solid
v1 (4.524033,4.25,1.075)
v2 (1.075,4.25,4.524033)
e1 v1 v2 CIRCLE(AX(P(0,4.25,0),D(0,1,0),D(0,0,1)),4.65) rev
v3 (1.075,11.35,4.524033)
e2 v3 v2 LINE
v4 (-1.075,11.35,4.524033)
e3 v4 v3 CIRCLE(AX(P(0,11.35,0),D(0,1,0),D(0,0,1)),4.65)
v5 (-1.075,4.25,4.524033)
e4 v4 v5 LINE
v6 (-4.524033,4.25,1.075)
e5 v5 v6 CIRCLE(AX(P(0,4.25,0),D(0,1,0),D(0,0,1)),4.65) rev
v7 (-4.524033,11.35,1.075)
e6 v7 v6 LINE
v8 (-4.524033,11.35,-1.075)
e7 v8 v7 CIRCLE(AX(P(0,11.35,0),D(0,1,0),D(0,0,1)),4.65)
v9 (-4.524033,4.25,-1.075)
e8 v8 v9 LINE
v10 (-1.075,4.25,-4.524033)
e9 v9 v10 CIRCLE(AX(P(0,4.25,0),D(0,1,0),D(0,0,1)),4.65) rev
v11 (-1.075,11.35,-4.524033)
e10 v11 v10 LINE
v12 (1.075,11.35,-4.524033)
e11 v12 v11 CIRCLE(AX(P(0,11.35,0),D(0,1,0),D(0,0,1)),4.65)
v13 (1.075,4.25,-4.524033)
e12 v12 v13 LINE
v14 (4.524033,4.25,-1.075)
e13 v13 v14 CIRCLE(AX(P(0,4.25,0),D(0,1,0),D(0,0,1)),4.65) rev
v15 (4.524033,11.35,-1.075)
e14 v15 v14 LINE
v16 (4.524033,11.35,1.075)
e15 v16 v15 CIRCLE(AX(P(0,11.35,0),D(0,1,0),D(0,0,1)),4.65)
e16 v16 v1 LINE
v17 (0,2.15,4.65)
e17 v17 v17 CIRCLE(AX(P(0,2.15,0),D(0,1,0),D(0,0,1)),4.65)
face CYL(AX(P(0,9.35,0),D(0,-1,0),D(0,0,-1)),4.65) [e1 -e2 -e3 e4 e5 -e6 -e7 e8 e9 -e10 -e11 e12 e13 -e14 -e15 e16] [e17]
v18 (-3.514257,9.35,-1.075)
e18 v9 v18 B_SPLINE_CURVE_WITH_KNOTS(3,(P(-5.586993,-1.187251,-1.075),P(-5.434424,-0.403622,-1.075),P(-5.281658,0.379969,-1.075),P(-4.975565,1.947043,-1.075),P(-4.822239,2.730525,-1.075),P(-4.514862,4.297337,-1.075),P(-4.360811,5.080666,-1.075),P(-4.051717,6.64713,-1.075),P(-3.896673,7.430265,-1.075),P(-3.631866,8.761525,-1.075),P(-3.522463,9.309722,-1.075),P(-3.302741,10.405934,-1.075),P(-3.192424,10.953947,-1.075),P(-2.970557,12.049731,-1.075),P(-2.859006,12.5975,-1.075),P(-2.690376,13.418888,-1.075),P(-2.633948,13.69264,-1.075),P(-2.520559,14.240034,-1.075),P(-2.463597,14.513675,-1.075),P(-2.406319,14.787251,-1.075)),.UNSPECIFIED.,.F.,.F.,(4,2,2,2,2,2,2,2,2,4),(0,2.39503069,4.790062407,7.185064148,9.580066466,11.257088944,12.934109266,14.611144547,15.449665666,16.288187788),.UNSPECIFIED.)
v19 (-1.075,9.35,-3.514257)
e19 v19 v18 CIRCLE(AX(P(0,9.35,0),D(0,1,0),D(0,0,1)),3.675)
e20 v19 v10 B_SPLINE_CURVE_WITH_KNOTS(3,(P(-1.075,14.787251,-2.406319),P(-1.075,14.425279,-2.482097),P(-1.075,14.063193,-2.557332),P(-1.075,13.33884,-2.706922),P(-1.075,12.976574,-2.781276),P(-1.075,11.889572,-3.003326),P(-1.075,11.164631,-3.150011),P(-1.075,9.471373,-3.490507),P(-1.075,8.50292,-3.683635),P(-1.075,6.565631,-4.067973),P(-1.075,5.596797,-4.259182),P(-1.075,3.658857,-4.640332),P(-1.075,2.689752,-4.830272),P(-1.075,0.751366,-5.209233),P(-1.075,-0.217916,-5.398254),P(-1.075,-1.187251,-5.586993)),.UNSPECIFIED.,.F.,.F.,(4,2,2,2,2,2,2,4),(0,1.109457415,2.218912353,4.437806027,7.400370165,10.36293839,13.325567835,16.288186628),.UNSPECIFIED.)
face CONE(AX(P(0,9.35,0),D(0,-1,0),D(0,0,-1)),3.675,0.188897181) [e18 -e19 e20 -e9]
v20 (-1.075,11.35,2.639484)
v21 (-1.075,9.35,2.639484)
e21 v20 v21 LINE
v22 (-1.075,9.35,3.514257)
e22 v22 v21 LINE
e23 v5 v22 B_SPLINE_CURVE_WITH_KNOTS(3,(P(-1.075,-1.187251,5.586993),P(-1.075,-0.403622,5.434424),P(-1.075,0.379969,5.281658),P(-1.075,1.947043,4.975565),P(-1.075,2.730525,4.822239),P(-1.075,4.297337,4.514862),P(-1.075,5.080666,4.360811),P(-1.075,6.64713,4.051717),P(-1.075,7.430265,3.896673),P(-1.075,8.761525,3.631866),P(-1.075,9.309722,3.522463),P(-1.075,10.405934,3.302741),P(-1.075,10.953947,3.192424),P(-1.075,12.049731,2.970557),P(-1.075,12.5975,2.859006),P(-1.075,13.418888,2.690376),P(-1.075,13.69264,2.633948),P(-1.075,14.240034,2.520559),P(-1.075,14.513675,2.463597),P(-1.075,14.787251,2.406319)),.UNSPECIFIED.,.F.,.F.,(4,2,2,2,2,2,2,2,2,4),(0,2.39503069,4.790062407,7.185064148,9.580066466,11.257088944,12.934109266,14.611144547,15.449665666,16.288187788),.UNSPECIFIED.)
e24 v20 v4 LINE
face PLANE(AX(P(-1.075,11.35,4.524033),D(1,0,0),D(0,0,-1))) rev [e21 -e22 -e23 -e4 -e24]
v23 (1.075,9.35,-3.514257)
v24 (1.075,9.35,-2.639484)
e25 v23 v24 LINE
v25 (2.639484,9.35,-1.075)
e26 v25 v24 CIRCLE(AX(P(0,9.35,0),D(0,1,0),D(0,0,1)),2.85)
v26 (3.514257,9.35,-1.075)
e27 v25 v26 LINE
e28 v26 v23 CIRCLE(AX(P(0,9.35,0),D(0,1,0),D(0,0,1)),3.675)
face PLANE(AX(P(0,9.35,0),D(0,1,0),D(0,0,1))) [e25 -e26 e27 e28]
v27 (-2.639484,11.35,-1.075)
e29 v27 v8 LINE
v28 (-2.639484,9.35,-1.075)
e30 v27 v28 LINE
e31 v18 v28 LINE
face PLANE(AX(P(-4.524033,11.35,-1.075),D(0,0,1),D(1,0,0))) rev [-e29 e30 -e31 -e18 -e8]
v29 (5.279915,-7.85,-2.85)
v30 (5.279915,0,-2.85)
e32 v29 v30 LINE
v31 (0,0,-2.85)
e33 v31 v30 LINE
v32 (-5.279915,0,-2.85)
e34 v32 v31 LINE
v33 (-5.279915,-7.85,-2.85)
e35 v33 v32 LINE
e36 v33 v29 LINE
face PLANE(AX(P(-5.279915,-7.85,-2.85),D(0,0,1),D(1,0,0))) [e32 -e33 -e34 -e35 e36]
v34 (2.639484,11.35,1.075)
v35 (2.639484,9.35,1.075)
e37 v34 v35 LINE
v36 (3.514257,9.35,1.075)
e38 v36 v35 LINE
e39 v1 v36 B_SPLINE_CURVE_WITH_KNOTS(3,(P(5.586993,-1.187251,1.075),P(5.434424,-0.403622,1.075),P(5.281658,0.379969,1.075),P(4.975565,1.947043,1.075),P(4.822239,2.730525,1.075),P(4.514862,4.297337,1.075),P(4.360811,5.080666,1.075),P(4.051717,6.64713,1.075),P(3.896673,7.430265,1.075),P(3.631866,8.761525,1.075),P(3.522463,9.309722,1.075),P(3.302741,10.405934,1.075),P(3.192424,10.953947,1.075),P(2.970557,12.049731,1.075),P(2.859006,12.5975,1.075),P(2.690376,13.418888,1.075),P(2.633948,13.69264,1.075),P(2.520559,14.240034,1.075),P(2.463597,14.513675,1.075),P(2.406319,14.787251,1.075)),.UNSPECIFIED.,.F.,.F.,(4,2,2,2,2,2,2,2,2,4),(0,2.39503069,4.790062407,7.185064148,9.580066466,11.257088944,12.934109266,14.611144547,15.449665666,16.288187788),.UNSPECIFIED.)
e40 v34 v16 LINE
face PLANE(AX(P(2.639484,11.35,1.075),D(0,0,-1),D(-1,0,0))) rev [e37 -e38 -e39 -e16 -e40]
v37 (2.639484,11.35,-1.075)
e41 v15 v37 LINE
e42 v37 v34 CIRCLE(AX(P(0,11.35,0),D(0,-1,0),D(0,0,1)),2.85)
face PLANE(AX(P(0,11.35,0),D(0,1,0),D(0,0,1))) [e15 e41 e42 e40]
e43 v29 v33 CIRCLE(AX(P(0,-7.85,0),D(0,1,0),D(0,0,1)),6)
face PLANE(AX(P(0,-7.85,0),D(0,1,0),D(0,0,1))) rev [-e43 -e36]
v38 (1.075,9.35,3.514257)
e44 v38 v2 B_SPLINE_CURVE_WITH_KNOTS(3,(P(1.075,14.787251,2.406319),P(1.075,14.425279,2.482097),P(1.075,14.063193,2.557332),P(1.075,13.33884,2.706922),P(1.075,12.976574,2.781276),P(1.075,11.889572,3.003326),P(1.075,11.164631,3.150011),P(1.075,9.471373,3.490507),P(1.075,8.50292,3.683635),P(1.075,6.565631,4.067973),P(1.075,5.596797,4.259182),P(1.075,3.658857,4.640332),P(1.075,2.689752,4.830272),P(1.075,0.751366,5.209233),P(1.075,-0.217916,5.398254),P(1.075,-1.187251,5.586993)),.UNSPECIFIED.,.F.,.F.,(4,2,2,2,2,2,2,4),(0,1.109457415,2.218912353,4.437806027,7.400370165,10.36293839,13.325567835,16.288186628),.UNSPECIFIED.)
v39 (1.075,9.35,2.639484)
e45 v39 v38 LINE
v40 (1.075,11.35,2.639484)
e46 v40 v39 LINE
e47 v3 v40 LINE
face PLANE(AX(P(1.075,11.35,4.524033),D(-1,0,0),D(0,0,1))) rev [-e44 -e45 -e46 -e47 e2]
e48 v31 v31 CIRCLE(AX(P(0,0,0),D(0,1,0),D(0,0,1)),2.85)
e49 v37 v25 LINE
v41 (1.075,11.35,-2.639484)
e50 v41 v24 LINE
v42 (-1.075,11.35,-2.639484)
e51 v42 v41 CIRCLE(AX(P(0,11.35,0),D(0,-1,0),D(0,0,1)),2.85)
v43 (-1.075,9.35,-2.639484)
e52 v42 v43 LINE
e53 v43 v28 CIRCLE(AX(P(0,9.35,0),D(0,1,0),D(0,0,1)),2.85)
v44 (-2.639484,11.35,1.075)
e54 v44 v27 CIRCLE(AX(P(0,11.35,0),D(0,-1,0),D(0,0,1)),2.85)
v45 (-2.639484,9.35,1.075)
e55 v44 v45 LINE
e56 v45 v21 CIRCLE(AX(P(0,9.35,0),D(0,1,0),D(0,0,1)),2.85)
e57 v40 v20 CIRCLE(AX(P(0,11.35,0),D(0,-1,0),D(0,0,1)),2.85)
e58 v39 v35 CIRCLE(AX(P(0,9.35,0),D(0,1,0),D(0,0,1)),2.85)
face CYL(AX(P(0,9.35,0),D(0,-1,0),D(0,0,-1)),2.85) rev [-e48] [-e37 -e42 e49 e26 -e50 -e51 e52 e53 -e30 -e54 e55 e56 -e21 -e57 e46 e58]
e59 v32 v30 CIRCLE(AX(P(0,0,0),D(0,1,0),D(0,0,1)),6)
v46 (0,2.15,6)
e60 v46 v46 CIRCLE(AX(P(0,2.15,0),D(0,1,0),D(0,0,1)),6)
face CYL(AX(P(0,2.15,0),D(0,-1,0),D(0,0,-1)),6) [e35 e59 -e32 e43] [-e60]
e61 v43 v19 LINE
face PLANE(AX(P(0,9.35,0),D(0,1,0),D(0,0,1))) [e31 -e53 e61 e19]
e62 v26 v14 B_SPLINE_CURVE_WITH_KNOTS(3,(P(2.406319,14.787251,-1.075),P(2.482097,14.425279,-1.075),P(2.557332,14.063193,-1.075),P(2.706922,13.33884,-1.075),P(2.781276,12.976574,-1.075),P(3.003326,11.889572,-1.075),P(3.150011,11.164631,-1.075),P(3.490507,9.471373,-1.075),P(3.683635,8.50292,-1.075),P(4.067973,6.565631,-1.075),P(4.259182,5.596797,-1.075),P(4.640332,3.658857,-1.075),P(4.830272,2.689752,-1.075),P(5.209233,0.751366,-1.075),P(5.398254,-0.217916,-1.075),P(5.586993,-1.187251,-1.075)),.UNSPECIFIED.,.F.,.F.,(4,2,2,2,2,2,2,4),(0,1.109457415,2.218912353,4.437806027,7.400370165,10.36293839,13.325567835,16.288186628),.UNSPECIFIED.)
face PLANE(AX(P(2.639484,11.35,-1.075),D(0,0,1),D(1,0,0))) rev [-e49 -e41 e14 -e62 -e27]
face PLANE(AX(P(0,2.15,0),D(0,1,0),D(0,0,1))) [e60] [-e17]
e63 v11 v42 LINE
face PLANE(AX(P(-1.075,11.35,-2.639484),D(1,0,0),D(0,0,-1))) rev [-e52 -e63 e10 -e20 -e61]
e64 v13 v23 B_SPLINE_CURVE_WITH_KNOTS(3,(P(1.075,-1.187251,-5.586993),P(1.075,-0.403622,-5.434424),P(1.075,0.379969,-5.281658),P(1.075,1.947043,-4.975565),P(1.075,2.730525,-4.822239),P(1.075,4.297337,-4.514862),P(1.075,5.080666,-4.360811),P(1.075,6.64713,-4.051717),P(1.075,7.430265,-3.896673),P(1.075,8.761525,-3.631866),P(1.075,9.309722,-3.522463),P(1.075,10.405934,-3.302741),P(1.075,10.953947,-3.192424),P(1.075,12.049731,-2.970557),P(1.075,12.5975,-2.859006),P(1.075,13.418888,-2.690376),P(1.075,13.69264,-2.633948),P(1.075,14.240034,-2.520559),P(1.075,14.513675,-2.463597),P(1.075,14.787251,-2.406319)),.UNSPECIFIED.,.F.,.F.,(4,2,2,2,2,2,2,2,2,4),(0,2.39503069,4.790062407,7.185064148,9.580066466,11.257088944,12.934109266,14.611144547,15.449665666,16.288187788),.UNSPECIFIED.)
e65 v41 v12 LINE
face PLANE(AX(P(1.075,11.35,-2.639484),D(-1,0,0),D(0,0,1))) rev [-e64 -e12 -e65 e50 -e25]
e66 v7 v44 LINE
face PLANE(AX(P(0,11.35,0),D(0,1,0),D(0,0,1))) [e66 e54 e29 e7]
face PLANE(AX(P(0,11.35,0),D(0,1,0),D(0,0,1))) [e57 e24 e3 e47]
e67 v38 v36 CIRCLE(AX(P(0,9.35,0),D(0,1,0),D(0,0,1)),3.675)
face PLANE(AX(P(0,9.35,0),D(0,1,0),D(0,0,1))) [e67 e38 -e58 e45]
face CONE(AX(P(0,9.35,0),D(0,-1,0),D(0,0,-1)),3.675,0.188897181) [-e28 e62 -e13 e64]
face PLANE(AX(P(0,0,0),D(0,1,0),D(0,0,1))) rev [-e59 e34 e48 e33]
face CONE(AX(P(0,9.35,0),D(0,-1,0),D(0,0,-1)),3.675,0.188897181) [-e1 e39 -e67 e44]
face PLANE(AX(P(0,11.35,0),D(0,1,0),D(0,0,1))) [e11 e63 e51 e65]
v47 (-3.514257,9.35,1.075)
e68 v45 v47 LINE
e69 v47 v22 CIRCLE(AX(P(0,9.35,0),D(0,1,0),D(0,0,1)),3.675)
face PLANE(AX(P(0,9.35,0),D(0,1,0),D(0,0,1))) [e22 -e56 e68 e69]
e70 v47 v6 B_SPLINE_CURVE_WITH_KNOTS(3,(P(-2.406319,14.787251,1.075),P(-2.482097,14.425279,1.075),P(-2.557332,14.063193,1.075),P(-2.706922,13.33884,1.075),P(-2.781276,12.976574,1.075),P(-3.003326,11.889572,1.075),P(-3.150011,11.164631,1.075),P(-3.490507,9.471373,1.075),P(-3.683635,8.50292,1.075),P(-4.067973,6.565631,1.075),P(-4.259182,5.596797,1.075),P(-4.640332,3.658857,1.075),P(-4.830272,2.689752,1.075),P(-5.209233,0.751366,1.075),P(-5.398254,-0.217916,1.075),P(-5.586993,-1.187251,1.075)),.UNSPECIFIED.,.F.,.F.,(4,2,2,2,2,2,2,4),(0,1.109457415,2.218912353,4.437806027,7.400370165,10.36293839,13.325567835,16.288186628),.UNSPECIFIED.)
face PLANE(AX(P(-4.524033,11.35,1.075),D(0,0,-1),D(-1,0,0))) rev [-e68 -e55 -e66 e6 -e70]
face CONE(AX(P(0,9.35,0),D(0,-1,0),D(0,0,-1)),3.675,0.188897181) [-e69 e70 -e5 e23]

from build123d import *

# Parameters (mm, degrees)
CROQUIS1_R                 = 6
SALIENTE_EXTRUIR1_DEPTH    = 2.15
CROQUIS4_R                 = 4.65
SALIENTE_EXTRUIR3_DEPTH    = 7.2
CORTAR_EXTRUIR1_DEPTH      = 7.2
CORTAR_EXTRUIR1_DEPTH_BACK = 12.128342
CROQUIS2_R                 = 2.85
SALIENTE_EXTRUIR2_START    = -10
SALIENTE_EXTRUIR2_DEPTH    = 10
CHAFL_N1_SIZE              = 5.1
CHAFL_N1_SIZE2             = 0.975
SALIENTE_EXTRUIR4_DEPTH    = 9.2


with BuildPart() as part:
    # Croquis1 → Saliente-Extruir1 (new body)
    with BuildSketch(Plane(origin=(0, 0, 0), x_dir=(1, 0, 0), z_dir=(0, 1, 0))):
        Circle(CROQUIS1_R)
    extrude(amount=SALIENTE_EXTRUIR1_DEPTH)

    # Croquis4 → Saliente-Extruir3 (add)
    with BuildSketch(Plane(origin=(0, 2.15, 0), x_dir=(1, 0, 0), z_dir=(0, 1, 0))):
        Circle(CROQUIS4_R)
    extrude(amount=SALIENTE_EXTRUIR3_DEPTH)

    # Croquis2 → Cortar-Extruir1 (cut, two sides: drawn at the far end of the back side and taken through both)
    with BuildSketch(Plane(origin=(0, 2.15, 0), x_dir=(1, 0, 0), z_dir=(0, 1, 0)).offset(-CORTAR_EXTRUIR1_DEPTH_BACK)):
        Circle(CROQUIS2_R)
    extrude(amount=CORTAR_EXTRUIR1_DEPTH + CORTAR_EXTRUIR1_DEPTH_BACK, mode=Mode.SUBTRACT)

    # Croquis3 → Saliente-Extruir2 (add)
    with BuildSketch(Plane(origin=(0, 2.15, 0), x_dir=(1, 0, 0), z_dir=(0, 1, 0)).offset(SALIENTE_EXTRUIR2_START)):
        with BuildLine():
            Line((-5.279915, 2.85), (5.279915, 2.85))
            ThreePointArc((5.279915, 2.85), (0, 6), (-5.279915, 2.85))
        make_face()
    extrude(amount=SALIENTE_EXTRUIR2_DEPTH)

    # Chaflán1
    chafl_n1_edges = [part.edges().sort_by_distance(p)[0] for p in [
        (-4.65, 9.35, 0),
    ]]
    chafl_n1_side = [part.faces().sort_by_distance(p)[0] for p in [
        (-4.65, 5.75, 0),
    ]]
    chamfer(chafl_n1_edges, length=CHAFL_N1_SIZE, length2=CHAFL_N1_SIZE2, reference=chafl_n1_side[0])

    # Croquis6 → Saliente-Extruir4 (add)
    with BuildSketch(Plane(origin=(0, 2.15, 0), x_dir=(1, 0, 0), z_dir=(0, 1, 0))):
        with BuildLine():
            Line((-4.524033, -1.075), (-2.639484, -1.075))
            ThreePointArc((-2.639484, -1.075), (-2.85, 0), (-2.639484, 1.075))
            Line((-2.639484, 1.075), (-4.524033, 1.075))
            ThreePointArc((-4.524033, 1.075), (-4.65, 0), (-4.524033, -1.075))
        make_face()
        with BuildLine():
            Line((1.075, -4.524033), (1.075, -2.639484))
            ThreePointArc((1.075, -2.639484), (0, -2.85), (-1.075, -2.639484))
            Line((-1.075, -2.639484), (-1.075, -4.524033))
            ThreePointArc((-1.075, -4.524033), (0, -4.65), (1.075, -4.524033))
        make_face()
        with BuildLine():
            Line((2.639484, 1.075), (4.524033, 1.075))
            ThreePointArc((4.524033, 1.075), (4.65, 0), (4.524033, -1.075))
            Line((4.524033, -1.075), (2.639484, -1.075))
            ThreePointArc((2.639484, -1.075), (2.85, 0), (2.639484, 1.075))
        make_face()
        with BuildLine():
            Line((-1.075, 2.639484), (-1.075, 4.524033))
            ThreePointArc((-1.075, 4.524033), (0, 4.65), (1.075, 4.524033))
            Line((1.075, 4.524033), (1.075, 2.639484))
            ThreePointArc((1.075, 2.639484), (0, 2.85), (-1.075, 2.639484))
        make_face()
    extrude(amount=SALIENTE_EXTRUIR4_DEPTH)


solid = part.part
